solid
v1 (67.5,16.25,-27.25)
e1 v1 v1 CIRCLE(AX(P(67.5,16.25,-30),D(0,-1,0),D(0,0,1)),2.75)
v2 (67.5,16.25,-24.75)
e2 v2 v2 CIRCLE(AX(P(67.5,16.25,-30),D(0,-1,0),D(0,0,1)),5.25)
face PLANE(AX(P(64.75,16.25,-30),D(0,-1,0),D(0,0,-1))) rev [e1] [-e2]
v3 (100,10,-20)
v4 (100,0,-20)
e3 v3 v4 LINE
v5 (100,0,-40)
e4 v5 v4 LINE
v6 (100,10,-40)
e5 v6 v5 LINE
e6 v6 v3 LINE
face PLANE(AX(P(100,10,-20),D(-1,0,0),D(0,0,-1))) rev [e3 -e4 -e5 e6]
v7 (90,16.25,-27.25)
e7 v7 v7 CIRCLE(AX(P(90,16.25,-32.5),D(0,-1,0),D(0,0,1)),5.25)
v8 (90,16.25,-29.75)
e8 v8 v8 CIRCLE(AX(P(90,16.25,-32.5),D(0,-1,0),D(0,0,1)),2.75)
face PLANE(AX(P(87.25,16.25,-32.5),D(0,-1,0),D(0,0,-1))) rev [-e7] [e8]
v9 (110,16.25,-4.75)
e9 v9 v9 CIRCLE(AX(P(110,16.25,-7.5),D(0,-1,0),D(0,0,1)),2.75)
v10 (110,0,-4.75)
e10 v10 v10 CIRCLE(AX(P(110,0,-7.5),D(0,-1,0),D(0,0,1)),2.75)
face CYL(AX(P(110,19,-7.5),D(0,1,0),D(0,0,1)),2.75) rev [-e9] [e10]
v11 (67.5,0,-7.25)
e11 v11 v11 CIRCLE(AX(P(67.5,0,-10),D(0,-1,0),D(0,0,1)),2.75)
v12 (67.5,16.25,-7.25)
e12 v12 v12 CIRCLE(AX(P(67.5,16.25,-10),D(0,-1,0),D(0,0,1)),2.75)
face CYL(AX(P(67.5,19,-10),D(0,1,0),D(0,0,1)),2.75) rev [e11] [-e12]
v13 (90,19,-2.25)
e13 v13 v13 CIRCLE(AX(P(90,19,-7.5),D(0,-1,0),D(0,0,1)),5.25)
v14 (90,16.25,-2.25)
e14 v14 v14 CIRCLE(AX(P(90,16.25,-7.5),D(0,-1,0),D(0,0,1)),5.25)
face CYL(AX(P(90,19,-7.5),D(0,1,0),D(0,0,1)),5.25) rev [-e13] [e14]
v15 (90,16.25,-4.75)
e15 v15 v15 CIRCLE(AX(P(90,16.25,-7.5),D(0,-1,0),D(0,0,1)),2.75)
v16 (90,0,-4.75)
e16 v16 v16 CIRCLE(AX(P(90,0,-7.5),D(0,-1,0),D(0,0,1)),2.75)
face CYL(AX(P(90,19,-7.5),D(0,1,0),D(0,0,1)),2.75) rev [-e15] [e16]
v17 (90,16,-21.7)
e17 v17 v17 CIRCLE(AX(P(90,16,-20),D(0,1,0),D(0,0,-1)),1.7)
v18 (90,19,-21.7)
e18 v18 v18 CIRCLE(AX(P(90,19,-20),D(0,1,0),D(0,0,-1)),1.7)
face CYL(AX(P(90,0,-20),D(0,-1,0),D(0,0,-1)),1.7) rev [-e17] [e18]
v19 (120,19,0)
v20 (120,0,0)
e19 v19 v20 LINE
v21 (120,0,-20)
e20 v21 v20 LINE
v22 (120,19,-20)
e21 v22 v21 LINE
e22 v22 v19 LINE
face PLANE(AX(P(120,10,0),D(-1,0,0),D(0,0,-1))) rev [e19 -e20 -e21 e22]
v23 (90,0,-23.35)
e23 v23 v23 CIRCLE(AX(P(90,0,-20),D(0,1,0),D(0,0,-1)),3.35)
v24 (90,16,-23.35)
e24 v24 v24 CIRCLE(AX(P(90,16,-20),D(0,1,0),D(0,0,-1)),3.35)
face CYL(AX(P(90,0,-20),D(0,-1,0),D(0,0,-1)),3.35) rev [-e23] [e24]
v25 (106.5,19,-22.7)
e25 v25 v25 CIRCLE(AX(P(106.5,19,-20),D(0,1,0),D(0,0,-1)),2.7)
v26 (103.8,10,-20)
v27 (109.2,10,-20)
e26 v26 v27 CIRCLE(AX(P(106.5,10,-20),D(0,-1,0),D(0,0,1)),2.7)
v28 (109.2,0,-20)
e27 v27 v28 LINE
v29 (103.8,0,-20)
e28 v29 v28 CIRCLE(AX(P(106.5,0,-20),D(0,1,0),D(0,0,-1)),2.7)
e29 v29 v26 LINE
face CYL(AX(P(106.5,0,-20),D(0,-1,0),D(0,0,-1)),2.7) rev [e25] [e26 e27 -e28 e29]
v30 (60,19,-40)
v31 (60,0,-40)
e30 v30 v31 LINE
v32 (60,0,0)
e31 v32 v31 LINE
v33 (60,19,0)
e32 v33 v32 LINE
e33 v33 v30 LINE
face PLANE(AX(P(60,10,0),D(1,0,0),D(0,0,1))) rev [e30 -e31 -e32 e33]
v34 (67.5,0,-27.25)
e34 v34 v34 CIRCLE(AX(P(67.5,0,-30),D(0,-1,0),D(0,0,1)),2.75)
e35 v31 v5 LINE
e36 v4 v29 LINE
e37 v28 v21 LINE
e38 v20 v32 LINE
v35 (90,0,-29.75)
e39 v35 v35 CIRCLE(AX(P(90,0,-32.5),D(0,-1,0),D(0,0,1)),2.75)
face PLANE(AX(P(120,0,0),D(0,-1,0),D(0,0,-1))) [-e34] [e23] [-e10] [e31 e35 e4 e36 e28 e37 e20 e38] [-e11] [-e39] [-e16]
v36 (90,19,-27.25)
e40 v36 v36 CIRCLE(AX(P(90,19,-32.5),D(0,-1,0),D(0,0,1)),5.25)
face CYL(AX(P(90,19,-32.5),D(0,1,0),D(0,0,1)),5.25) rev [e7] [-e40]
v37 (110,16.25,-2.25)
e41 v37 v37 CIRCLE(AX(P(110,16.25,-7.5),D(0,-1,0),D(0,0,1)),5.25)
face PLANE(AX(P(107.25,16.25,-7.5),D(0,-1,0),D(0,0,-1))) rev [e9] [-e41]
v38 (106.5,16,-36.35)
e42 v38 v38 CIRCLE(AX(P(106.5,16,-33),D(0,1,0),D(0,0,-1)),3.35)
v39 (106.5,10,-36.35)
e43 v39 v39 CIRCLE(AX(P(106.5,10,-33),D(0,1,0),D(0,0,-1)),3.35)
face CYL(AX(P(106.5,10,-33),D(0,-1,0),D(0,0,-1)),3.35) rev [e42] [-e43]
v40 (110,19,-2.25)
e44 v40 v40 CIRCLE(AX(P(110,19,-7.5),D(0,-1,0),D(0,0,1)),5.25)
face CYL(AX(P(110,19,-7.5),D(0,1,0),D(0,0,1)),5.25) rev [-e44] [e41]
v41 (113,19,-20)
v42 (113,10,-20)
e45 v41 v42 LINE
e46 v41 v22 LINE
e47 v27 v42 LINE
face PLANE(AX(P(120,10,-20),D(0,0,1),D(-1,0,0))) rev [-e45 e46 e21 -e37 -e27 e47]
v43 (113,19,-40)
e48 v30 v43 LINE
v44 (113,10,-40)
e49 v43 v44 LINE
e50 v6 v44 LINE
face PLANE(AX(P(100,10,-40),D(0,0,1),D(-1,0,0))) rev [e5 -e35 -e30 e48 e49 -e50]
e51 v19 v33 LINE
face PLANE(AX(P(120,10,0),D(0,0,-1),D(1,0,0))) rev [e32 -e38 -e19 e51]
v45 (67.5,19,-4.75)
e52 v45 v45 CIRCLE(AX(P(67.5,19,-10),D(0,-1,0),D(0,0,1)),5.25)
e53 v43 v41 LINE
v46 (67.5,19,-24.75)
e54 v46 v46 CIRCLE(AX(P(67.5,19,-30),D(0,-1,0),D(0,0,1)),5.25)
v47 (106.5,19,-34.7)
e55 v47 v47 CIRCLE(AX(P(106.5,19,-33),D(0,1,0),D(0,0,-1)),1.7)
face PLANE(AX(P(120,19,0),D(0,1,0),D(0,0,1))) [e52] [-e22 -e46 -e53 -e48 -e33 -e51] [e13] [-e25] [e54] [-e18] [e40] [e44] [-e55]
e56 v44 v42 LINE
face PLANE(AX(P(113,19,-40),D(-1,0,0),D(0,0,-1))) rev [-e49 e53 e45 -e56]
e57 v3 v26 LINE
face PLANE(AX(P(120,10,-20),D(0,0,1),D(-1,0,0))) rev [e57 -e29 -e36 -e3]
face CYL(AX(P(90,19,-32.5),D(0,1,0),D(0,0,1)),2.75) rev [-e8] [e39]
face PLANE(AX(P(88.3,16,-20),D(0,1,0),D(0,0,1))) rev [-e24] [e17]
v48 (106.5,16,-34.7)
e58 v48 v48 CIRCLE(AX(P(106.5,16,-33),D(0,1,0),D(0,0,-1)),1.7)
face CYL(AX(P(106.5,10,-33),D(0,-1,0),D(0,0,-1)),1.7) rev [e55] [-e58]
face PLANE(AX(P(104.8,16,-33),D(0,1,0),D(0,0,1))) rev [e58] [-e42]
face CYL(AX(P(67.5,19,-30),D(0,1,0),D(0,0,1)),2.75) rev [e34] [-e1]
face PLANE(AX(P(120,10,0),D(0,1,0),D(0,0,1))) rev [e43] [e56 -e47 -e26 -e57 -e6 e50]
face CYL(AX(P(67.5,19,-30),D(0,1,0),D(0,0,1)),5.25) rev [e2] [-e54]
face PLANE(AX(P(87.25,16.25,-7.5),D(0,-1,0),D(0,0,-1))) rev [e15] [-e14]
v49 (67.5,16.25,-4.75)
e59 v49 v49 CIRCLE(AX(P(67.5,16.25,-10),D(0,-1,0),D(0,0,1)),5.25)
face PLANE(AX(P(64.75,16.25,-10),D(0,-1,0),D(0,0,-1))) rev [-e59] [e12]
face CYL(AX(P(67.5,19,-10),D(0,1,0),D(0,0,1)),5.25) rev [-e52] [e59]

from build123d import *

# Parameters (mm, degrees)
BOSS_EXTRUDE1_DEPTH             = 10
BOSS_EXTRUDE2_DEPTH             = 9
CBORE_FOR_M5_SBHCS1_D           = 5.5
CBORE_FOR_M5_SBHCS1_CBORE_D     = 10.5
CBORE_FOR_M5_SBHCS1_CBORE_DEPTH = 2.75
CBORE_FOR_M5_SBHCS2_D           = 5.5
CBORE_FOR_M5_SBHCS2_CBORE_D     = 10.5
CBORE_FOR_M5_SBHCS2_CBORE_DEPTH = 2.75
CBORE_FOR_M3_SBHCS1_D           = 3.4
CBORE_FOR_M3_SBHCS1_CBORE_D     = 6.7
CBORE_FOR_M3_SBHCS1_CBORE_DEPTH = 16
CBORE_FOR_M3_SBHCS2_D           = 3.4
CBORE_FOR_M3_SBHCS2_CBORE_D     = 6.7
CBORE_FOR_M3_SBHCS2_CBORE_DEPTH = 6
F_5_4_5_4_DIAMETER_HOLE1_D      = 5.4


with BuildPart() as part:
    # Sketch1 → Boss-Extrude1 (new body)
    with BuildSketch(Plane(origin=(0, 0, 0), x_dir=(1, 0, 0), z_dir=(0, 1, 0))):
        Polygon((0, 0), (60, 0), (60, 40), (20, 40), (20, 20), (0, 20), align=None)
    extrude(amount=BOSS_EXTRUDE1_DEPTH)

    # Sketch2 → Boss-Extrude2 (add)
    with BuildSketch(Plane(origin=(0, 10, 0), x_dir=(1, 0, 0), z_dir=(0, 1, 0))):
        Polygon((20, 40), (7, 40), (7, 20), (0, 20), (0, 0), (60, 0), (60, 40), align=None)
    extrude(amount=BOSS_EXTRUDE2_DEPTH)

    # CBORE for M5 SBHCS1 (through all)
    with Locations(Plane(origin=(0, 19, 0), x_dir=(1, 0, 0), z_dir=(0, 1, 0))):
        with Locations((10, 7.5), (30, 7.5), (30, 32.5)):
            CounterBoreHole(CBORE_FOR_M5_SBHCS1_D / 2, CBORE_FOR_M5_SBHCS1_CBORE_D / 2, CBORE_FOR_M5_SBHCS1_CBORE_DEPTH)

    # CBORE for M5 SBHCS2 (through all)
    with Locations(Plane(origin=(0, 19, 0), x_dir=(1, 0, 0), z_dir=(0, 1, 0))):
        with Locations((52.5, 30), (52.5, 10)):
            CounterBoreHole(CBORE_FOR_M5_SBHCS2_D / 2, CBORE_FOR_M5_SBHCS2_CBORE_D / 2, CBORE_FOR_M5_SBHCS2_CBORE_DEPTH)

    # CBORE for M3 SBHCS1 (through all)
    with Locations(Plane(origin=(0, 0, 0), x_dir=(-1, 0, 0), z_dir=(0, -1, 0))):
        with Locations((-30, 20)):
            CounterBoreHole(CBORE_FOR_M3_SBHCS1_D / 2, CBORE_FOR_M3_SBHCS1_CBORE_D / 2, CBORE_FOR_M3_SBHCS1_CBORE_DEPTH)

    # CBORE for M3 SBHCS2 (through all)
    with Locations(Plane(origin=(0, 10, 0), x_dir=(-1, 0, 0), z_dir=(0, -1, 0))):
        with Locations((-13.5, 33)):
            CounterBoreHole(CBORE_FOR_M3_SBHCS2_D / 2, CBORE_FOR_M3_SBHCS2_CBORE_D / 2, CBORE_FOR_M3_SBHCS2_CBORE_DEPTH)

    # Ø5.4 (5.4) Diameter Hole1 (through all)
    with Locations(Plane(origin=(0, 0, 0), x_dir=(-1, 0, 0), z_dir=(0, -1, 0))):
        with Locations((-13.5, 20)):
            Hole(F_5_4_5_4_DIAMETER_HOLE1_D / 2)


with BuildPart() as body_2:
    # Mirror1: mirrored copy
    add(part.part.mirror(Plane(origin=(60, 10, 0), x_dir=(0, 0, 1), z_dir=(-1, 0, 0))))


solid = body_2.part
